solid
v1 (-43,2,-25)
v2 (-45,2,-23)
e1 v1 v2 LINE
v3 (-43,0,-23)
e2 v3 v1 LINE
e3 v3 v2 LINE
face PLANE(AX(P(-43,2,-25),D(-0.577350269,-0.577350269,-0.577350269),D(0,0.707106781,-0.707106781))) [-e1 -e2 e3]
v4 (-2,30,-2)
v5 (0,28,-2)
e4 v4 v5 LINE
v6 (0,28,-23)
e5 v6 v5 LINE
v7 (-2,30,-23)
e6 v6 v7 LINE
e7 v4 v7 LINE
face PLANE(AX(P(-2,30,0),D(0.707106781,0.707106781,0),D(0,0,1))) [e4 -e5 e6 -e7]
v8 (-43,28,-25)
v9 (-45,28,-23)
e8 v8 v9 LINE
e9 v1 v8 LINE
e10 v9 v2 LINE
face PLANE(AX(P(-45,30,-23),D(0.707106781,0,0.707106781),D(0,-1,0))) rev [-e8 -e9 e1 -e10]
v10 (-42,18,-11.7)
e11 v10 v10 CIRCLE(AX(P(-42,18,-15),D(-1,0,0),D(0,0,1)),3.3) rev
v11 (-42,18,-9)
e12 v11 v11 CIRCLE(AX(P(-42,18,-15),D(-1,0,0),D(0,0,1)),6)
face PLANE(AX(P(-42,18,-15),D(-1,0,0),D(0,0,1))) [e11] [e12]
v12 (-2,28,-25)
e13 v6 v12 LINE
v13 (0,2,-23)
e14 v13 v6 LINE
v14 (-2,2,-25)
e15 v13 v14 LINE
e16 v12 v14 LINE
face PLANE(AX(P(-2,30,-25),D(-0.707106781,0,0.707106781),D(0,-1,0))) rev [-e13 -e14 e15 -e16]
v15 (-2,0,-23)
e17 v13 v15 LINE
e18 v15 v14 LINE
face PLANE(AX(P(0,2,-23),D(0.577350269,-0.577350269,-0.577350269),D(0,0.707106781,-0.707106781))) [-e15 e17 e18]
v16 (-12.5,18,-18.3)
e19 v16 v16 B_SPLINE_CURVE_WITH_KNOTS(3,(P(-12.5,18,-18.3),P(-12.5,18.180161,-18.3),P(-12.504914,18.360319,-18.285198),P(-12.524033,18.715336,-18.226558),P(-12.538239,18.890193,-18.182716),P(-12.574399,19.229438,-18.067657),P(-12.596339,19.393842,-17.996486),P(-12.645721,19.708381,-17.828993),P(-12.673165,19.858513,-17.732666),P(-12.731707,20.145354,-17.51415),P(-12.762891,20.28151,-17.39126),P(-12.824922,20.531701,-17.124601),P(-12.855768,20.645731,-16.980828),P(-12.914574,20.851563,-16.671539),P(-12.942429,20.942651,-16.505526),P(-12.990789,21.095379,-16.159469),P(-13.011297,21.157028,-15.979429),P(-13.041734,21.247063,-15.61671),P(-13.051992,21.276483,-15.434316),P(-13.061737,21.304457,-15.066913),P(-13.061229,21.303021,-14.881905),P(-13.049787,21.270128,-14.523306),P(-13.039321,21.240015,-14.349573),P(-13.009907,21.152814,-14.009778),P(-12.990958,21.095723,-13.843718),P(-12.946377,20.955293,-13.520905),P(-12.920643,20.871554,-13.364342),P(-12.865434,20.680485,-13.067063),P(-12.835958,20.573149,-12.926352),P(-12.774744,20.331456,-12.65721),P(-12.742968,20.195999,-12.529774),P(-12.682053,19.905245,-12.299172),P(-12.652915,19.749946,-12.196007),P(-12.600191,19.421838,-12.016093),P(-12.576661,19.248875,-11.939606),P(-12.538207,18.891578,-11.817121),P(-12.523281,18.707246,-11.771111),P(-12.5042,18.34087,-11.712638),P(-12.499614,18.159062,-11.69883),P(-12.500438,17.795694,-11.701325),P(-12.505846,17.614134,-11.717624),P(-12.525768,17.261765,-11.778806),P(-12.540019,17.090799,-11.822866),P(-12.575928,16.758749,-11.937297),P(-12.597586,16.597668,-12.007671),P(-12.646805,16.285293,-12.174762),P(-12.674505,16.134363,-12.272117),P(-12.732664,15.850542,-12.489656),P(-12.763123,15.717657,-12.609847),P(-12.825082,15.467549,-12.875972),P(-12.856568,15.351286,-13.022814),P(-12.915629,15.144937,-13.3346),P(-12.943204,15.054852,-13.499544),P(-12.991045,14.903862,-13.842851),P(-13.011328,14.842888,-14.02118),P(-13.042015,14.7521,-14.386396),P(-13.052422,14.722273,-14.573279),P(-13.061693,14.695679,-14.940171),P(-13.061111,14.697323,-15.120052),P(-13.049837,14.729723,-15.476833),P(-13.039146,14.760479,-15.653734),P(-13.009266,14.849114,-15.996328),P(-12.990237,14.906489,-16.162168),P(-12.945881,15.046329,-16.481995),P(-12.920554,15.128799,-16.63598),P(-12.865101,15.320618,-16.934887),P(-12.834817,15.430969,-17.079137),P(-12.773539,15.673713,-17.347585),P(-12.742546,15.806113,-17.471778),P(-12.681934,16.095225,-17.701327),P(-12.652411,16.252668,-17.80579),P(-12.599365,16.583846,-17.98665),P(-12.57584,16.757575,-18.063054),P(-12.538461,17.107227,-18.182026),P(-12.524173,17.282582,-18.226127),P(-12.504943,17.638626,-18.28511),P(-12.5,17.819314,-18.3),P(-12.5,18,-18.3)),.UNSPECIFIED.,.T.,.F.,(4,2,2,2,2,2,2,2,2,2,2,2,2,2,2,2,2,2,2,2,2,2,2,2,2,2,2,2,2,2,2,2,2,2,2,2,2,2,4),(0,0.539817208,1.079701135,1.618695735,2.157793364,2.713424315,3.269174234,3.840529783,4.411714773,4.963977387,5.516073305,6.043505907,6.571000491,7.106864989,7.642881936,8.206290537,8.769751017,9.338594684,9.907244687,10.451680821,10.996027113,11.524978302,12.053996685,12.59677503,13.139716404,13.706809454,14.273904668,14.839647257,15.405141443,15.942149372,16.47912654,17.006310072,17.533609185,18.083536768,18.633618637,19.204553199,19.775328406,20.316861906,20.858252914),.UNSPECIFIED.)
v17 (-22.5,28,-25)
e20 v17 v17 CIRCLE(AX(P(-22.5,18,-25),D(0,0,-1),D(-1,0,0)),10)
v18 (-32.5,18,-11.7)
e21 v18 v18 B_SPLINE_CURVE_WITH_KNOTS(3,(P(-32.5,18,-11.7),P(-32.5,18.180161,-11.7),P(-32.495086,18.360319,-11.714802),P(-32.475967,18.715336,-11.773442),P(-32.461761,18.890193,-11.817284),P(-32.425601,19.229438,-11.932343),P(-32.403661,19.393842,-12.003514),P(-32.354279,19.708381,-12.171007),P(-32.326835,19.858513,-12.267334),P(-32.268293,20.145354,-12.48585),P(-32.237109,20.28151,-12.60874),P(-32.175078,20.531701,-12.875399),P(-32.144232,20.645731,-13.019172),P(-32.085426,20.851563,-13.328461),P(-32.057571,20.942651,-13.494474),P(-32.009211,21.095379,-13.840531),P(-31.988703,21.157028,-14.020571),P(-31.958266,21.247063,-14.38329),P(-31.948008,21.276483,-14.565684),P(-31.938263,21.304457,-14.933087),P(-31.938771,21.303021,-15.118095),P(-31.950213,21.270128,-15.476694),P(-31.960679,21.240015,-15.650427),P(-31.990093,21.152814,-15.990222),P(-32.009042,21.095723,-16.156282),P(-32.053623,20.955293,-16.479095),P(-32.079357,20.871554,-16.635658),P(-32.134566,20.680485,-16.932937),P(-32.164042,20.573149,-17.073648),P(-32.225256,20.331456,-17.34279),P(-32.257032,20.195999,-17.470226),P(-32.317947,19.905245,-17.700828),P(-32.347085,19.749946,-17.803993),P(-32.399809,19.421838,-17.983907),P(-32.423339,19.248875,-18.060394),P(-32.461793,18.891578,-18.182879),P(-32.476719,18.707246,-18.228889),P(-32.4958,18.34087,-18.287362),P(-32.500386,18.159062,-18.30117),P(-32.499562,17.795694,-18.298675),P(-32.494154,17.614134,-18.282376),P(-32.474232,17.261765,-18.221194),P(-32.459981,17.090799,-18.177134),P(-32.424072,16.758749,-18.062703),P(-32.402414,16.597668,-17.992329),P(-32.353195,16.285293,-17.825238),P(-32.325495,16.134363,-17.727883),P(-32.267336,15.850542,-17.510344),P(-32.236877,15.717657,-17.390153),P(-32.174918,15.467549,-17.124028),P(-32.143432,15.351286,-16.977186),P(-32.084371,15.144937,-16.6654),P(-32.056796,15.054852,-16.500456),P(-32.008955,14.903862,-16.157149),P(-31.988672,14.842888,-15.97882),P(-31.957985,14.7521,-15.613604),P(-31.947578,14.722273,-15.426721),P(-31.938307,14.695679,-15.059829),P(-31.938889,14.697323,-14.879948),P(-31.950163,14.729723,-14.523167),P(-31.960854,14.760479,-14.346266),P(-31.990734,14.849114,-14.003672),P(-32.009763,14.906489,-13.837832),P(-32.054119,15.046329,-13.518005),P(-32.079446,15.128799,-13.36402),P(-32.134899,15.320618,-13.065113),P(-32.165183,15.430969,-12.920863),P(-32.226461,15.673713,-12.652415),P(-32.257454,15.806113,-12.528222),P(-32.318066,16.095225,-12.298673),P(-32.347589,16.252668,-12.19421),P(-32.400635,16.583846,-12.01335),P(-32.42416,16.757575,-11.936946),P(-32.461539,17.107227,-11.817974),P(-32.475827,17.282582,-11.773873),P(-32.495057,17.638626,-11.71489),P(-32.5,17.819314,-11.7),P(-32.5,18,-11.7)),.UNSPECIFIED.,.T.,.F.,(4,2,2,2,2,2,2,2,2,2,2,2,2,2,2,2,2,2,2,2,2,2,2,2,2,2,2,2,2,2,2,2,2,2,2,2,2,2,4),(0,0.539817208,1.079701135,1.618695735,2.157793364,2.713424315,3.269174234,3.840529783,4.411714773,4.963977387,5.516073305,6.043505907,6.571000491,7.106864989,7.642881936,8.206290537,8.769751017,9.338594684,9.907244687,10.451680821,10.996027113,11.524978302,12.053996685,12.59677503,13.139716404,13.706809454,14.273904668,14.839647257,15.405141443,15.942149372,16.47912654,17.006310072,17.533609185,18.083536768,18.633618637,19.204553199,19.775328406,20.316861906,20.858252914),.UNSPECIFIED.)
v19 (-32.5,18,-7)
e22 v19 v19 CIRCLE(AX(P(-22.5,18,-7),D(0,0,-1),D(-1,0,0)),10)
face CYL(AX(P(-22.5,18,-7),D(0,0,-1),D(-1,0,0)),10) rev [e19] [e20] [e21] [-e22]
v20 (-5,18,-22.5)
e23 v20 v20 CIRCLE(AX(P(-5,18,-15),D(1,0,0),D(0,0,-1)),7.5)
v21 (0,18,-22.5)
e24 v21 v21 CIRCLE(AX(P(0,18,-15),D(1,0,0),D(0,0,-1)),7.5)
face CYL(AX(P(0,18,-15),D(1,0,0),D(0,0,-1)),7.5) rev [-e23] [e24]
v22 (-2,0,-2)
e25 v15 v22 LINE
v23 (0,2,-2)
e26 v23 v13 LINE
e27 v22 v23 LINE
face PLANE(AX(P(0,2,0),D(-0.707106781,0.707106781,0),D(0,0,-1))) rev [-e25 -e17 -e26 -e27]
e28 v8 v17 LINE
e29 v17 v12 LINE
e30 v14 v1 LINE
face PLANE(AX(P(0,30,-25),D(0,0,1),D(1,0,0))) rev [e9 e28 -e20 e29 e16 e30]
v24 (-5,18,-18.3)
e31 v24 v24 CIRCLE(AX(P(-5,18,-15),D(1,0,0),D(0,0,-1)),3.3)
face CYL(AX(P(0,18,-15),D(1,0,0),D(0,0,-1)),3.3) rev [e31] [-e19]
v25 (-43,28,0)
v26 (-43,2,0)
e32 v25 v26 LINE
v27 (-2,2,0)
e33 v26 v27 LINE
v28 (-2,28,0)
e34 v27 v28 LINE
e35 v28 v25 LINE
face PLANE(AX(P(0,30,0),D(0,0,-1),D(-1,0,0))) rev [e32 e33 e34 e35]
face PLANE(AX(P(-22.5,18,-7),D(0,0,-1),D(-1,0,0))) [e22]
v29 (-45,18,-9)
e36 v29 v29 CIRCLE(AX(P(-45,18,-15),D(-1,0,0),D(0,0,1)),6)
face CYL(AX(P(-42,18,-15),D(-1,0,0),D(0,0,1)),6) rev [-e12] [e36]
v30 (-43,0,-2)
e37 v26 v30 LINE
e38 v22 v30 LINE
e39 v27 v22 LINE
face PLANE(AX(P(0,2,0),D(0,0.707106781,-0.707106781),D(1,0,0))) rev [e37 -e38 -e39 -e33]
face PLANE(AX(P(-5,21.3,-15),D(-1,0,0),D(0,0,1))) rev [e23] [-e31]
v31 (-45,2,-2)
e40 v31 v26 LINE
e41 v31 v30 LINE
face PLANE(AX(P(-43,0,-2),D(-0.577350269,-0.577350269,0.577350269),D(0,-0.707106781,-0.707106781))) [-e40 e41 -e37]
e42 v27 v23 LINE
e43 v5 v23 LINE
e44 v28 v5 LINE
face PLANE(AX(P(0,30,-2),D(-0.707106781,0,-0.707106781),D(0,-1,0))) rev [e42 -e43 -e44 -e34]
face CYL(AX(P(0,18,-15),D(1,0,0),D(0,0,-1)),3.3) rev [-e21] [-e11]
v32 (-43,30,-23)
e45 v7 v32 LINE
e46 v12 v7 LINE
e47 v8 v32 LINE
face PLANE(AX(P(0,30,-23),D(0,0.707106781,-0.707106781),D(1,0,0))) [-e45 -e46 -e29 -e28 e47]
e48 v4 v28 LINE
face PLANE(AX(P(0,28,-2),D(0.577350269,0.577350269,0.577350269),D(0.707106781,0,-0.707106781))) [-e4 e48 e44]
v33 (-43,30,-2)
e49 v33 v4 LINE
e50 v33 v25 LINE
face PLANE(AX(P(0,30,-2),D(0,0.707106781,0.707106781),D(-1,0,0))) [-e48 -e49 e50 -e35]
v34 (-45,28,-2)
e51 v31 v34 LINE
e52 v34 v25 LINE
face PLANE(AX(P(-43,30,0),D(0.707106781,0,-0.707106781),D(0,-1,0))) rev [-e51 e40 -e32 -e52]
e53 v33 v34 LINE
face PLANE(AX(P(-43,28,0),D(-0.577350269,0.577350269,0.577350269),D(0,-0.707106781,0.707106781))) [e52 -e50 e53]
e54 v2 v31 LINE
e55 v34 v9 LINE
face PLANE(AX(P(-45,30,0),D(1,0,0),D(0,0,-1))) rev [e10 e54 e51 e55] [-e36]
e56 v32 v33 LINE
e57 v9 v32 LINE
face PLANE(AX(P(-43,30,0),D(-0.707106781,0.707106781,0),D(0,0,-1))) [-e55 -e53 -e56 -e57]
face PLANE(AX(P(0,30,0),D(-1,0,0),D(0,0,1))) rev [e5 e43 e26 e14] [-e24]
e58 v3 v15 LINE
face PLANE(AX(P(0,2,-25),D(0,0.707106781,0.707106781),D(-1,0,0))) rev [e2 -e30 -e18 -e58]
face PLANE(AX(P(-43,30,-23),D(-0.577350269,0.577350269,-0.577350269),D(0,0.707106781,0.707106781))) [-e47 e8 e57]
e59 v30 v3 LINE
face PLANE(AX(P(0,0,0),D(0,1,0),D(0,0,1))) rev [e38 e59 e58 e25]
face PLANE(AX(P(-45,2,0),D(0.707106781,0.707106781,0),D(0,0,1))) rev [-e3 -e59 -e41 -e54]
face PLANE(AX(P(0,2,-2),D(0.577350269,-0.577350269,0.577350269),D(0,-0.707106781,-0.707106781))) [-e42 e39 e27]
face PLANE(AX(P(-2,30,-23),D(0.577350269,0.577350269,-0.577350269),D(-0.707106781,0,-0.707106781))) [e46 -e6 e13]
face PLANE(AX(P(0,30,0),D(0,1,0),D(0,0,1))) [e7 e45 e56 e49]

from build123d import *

# Parameters (mm, degrees)
ESTRUSIONE_ESTRUSIONE1_DEPTH                         = 30
SCHIZZO2_R                                           = 9.999999999999993
TAGLIO_ESTRUSIONE1_DEPTH                             = 18
FORO_LAMATO_PER_VITE_M6_A_TESTA_CILINDRI_D           = 6.6
FORO_LAMATO_PER_VITE_M6_A_TESTA_CILINDRI_DEPTH       = 80
FORO_LAMATO_PER_VITE_M6_A_TESTA_CILINDRI_CBORE_D     = 15
FORO_LAMATO_PER_VITE_M6_A_TESTA_CILINDRI_CBORE_DEPTH = 5
FORO_LAMATO_PER_VITE_M6_A_TESTA_CILINDRI_TIP         = 1.982840042790949
SMUSSO1_SIZE                                         = 2
SCHIZZO6_R                                           = 6.000000000000001
TAGLIO_ESTRUSIONE2_DEPTH                             = 3


with BuildPart() as part:
    # Schizzo1 → Estrusione-Estrusione1 (new body)
    with BuildSketch(Plane(origin=(0, 0, 0), x_dir=(1, 0, 0), z_dir=(0, 1, 0))):
        Polygon((0, 0), (-45, -6.12e-15), (-45, 24.999999999999993), (0, 25.000000000000004), align=None)
    extrude(amount=ESTRUSIONE_ESTRUSIONE1_DEPTH)

    # Schizzo2 → Taglio-Estrusione1 (cut)
    with BuildSketch(Plane(origin=(-5.78e-15, 0, -25.000000000000004), x_dir=(-1, 0, 2.1e-16), z_dir=(-2.1e-16, 0, -1))):
        with Locations((22.499999999999993, 18)):
            Circle(SCHIZZO2_R)
    extrude(amount=-TAGLIO_ESTRUSIONE1_DEPTH, mode=Mode.SUBTRACT)

    # Foro lamato per Vite M6 a testa cilindrica-1
    with Locations(Plane(origin=(0, 0, 0), x_dir=(0, 0, -1), z_dir=(1, 0, 0))):
        with Locations((15, 18)):
            CounterBoreHole(FORO_LAMATO_PER_VITE_M6_A_TESTA_CILINDRI_D / 2, FORO_LAMATO_PER_VITE_M6_A_TESTA_CILINDRI_CBORE_D / 2, FORO_LAMATO_PER_VITE_M6_A_TESTA_CILINDRI_CBORE_DEPTH, depth=FORO_LAMATO_PER_VITE_M6_A_TESTA_CILINDRI_DEPTH)
            with Locations((0, 0, -(FORO_LAMATO_PER_VITE_M6_A_TESTA_CILINDRI_DEPTH + FORO_LAMATO_PER_VITE_M6_A_TESTA_CILINDRI_TIP / 2))):  # 118° drill point
                Cone(0, FORO_LAMATO_PER_VITE_M6_A_TESTA_CILINDRI_D / 2, FORO_LAMATO_PER_VITE_M6_A_TESTA_CILINDRI_TIP, mode=Mode.SUBTRACT)

    # Smusso1
    smusso1_edges = [part.edges().sort_by_distance(p)[0] for p in [
        (-45, 30, -12.499999999999995),
        (-22.5, 30, 3.06e-15),
        (0, 30, -12.500000000000002),
        (-22.5, 0, 3.06e-15),
        (-45, 0, -12.499999999999995),
        (-22.5, 0, -25),
        (0, 0, -12.500000000000002),
        (0, 15, 0),
        (-45, 15, 6.12e-15),
        (-45, 15, -24.999999999999993),
        (0, 15, -25.000000000000004),
        (-22.5, 30, -25),
    ]]
    chamfer(smusso1_edges, length=SMUSSO1_SIZE)

    # Schizzo6 → Taglio-Estrusione2 (cut)
    with BuildSketch(Plane.ZY.offset(45)):
        with Locations((-15.000000000000005, 18)):
            Circle(SCHIZZO6_R)
    extrude(amount=-TAGLIO_ESTRUSIONE2_DEPTH, mode=Mode.SUBTRACT)


solid = part.part
